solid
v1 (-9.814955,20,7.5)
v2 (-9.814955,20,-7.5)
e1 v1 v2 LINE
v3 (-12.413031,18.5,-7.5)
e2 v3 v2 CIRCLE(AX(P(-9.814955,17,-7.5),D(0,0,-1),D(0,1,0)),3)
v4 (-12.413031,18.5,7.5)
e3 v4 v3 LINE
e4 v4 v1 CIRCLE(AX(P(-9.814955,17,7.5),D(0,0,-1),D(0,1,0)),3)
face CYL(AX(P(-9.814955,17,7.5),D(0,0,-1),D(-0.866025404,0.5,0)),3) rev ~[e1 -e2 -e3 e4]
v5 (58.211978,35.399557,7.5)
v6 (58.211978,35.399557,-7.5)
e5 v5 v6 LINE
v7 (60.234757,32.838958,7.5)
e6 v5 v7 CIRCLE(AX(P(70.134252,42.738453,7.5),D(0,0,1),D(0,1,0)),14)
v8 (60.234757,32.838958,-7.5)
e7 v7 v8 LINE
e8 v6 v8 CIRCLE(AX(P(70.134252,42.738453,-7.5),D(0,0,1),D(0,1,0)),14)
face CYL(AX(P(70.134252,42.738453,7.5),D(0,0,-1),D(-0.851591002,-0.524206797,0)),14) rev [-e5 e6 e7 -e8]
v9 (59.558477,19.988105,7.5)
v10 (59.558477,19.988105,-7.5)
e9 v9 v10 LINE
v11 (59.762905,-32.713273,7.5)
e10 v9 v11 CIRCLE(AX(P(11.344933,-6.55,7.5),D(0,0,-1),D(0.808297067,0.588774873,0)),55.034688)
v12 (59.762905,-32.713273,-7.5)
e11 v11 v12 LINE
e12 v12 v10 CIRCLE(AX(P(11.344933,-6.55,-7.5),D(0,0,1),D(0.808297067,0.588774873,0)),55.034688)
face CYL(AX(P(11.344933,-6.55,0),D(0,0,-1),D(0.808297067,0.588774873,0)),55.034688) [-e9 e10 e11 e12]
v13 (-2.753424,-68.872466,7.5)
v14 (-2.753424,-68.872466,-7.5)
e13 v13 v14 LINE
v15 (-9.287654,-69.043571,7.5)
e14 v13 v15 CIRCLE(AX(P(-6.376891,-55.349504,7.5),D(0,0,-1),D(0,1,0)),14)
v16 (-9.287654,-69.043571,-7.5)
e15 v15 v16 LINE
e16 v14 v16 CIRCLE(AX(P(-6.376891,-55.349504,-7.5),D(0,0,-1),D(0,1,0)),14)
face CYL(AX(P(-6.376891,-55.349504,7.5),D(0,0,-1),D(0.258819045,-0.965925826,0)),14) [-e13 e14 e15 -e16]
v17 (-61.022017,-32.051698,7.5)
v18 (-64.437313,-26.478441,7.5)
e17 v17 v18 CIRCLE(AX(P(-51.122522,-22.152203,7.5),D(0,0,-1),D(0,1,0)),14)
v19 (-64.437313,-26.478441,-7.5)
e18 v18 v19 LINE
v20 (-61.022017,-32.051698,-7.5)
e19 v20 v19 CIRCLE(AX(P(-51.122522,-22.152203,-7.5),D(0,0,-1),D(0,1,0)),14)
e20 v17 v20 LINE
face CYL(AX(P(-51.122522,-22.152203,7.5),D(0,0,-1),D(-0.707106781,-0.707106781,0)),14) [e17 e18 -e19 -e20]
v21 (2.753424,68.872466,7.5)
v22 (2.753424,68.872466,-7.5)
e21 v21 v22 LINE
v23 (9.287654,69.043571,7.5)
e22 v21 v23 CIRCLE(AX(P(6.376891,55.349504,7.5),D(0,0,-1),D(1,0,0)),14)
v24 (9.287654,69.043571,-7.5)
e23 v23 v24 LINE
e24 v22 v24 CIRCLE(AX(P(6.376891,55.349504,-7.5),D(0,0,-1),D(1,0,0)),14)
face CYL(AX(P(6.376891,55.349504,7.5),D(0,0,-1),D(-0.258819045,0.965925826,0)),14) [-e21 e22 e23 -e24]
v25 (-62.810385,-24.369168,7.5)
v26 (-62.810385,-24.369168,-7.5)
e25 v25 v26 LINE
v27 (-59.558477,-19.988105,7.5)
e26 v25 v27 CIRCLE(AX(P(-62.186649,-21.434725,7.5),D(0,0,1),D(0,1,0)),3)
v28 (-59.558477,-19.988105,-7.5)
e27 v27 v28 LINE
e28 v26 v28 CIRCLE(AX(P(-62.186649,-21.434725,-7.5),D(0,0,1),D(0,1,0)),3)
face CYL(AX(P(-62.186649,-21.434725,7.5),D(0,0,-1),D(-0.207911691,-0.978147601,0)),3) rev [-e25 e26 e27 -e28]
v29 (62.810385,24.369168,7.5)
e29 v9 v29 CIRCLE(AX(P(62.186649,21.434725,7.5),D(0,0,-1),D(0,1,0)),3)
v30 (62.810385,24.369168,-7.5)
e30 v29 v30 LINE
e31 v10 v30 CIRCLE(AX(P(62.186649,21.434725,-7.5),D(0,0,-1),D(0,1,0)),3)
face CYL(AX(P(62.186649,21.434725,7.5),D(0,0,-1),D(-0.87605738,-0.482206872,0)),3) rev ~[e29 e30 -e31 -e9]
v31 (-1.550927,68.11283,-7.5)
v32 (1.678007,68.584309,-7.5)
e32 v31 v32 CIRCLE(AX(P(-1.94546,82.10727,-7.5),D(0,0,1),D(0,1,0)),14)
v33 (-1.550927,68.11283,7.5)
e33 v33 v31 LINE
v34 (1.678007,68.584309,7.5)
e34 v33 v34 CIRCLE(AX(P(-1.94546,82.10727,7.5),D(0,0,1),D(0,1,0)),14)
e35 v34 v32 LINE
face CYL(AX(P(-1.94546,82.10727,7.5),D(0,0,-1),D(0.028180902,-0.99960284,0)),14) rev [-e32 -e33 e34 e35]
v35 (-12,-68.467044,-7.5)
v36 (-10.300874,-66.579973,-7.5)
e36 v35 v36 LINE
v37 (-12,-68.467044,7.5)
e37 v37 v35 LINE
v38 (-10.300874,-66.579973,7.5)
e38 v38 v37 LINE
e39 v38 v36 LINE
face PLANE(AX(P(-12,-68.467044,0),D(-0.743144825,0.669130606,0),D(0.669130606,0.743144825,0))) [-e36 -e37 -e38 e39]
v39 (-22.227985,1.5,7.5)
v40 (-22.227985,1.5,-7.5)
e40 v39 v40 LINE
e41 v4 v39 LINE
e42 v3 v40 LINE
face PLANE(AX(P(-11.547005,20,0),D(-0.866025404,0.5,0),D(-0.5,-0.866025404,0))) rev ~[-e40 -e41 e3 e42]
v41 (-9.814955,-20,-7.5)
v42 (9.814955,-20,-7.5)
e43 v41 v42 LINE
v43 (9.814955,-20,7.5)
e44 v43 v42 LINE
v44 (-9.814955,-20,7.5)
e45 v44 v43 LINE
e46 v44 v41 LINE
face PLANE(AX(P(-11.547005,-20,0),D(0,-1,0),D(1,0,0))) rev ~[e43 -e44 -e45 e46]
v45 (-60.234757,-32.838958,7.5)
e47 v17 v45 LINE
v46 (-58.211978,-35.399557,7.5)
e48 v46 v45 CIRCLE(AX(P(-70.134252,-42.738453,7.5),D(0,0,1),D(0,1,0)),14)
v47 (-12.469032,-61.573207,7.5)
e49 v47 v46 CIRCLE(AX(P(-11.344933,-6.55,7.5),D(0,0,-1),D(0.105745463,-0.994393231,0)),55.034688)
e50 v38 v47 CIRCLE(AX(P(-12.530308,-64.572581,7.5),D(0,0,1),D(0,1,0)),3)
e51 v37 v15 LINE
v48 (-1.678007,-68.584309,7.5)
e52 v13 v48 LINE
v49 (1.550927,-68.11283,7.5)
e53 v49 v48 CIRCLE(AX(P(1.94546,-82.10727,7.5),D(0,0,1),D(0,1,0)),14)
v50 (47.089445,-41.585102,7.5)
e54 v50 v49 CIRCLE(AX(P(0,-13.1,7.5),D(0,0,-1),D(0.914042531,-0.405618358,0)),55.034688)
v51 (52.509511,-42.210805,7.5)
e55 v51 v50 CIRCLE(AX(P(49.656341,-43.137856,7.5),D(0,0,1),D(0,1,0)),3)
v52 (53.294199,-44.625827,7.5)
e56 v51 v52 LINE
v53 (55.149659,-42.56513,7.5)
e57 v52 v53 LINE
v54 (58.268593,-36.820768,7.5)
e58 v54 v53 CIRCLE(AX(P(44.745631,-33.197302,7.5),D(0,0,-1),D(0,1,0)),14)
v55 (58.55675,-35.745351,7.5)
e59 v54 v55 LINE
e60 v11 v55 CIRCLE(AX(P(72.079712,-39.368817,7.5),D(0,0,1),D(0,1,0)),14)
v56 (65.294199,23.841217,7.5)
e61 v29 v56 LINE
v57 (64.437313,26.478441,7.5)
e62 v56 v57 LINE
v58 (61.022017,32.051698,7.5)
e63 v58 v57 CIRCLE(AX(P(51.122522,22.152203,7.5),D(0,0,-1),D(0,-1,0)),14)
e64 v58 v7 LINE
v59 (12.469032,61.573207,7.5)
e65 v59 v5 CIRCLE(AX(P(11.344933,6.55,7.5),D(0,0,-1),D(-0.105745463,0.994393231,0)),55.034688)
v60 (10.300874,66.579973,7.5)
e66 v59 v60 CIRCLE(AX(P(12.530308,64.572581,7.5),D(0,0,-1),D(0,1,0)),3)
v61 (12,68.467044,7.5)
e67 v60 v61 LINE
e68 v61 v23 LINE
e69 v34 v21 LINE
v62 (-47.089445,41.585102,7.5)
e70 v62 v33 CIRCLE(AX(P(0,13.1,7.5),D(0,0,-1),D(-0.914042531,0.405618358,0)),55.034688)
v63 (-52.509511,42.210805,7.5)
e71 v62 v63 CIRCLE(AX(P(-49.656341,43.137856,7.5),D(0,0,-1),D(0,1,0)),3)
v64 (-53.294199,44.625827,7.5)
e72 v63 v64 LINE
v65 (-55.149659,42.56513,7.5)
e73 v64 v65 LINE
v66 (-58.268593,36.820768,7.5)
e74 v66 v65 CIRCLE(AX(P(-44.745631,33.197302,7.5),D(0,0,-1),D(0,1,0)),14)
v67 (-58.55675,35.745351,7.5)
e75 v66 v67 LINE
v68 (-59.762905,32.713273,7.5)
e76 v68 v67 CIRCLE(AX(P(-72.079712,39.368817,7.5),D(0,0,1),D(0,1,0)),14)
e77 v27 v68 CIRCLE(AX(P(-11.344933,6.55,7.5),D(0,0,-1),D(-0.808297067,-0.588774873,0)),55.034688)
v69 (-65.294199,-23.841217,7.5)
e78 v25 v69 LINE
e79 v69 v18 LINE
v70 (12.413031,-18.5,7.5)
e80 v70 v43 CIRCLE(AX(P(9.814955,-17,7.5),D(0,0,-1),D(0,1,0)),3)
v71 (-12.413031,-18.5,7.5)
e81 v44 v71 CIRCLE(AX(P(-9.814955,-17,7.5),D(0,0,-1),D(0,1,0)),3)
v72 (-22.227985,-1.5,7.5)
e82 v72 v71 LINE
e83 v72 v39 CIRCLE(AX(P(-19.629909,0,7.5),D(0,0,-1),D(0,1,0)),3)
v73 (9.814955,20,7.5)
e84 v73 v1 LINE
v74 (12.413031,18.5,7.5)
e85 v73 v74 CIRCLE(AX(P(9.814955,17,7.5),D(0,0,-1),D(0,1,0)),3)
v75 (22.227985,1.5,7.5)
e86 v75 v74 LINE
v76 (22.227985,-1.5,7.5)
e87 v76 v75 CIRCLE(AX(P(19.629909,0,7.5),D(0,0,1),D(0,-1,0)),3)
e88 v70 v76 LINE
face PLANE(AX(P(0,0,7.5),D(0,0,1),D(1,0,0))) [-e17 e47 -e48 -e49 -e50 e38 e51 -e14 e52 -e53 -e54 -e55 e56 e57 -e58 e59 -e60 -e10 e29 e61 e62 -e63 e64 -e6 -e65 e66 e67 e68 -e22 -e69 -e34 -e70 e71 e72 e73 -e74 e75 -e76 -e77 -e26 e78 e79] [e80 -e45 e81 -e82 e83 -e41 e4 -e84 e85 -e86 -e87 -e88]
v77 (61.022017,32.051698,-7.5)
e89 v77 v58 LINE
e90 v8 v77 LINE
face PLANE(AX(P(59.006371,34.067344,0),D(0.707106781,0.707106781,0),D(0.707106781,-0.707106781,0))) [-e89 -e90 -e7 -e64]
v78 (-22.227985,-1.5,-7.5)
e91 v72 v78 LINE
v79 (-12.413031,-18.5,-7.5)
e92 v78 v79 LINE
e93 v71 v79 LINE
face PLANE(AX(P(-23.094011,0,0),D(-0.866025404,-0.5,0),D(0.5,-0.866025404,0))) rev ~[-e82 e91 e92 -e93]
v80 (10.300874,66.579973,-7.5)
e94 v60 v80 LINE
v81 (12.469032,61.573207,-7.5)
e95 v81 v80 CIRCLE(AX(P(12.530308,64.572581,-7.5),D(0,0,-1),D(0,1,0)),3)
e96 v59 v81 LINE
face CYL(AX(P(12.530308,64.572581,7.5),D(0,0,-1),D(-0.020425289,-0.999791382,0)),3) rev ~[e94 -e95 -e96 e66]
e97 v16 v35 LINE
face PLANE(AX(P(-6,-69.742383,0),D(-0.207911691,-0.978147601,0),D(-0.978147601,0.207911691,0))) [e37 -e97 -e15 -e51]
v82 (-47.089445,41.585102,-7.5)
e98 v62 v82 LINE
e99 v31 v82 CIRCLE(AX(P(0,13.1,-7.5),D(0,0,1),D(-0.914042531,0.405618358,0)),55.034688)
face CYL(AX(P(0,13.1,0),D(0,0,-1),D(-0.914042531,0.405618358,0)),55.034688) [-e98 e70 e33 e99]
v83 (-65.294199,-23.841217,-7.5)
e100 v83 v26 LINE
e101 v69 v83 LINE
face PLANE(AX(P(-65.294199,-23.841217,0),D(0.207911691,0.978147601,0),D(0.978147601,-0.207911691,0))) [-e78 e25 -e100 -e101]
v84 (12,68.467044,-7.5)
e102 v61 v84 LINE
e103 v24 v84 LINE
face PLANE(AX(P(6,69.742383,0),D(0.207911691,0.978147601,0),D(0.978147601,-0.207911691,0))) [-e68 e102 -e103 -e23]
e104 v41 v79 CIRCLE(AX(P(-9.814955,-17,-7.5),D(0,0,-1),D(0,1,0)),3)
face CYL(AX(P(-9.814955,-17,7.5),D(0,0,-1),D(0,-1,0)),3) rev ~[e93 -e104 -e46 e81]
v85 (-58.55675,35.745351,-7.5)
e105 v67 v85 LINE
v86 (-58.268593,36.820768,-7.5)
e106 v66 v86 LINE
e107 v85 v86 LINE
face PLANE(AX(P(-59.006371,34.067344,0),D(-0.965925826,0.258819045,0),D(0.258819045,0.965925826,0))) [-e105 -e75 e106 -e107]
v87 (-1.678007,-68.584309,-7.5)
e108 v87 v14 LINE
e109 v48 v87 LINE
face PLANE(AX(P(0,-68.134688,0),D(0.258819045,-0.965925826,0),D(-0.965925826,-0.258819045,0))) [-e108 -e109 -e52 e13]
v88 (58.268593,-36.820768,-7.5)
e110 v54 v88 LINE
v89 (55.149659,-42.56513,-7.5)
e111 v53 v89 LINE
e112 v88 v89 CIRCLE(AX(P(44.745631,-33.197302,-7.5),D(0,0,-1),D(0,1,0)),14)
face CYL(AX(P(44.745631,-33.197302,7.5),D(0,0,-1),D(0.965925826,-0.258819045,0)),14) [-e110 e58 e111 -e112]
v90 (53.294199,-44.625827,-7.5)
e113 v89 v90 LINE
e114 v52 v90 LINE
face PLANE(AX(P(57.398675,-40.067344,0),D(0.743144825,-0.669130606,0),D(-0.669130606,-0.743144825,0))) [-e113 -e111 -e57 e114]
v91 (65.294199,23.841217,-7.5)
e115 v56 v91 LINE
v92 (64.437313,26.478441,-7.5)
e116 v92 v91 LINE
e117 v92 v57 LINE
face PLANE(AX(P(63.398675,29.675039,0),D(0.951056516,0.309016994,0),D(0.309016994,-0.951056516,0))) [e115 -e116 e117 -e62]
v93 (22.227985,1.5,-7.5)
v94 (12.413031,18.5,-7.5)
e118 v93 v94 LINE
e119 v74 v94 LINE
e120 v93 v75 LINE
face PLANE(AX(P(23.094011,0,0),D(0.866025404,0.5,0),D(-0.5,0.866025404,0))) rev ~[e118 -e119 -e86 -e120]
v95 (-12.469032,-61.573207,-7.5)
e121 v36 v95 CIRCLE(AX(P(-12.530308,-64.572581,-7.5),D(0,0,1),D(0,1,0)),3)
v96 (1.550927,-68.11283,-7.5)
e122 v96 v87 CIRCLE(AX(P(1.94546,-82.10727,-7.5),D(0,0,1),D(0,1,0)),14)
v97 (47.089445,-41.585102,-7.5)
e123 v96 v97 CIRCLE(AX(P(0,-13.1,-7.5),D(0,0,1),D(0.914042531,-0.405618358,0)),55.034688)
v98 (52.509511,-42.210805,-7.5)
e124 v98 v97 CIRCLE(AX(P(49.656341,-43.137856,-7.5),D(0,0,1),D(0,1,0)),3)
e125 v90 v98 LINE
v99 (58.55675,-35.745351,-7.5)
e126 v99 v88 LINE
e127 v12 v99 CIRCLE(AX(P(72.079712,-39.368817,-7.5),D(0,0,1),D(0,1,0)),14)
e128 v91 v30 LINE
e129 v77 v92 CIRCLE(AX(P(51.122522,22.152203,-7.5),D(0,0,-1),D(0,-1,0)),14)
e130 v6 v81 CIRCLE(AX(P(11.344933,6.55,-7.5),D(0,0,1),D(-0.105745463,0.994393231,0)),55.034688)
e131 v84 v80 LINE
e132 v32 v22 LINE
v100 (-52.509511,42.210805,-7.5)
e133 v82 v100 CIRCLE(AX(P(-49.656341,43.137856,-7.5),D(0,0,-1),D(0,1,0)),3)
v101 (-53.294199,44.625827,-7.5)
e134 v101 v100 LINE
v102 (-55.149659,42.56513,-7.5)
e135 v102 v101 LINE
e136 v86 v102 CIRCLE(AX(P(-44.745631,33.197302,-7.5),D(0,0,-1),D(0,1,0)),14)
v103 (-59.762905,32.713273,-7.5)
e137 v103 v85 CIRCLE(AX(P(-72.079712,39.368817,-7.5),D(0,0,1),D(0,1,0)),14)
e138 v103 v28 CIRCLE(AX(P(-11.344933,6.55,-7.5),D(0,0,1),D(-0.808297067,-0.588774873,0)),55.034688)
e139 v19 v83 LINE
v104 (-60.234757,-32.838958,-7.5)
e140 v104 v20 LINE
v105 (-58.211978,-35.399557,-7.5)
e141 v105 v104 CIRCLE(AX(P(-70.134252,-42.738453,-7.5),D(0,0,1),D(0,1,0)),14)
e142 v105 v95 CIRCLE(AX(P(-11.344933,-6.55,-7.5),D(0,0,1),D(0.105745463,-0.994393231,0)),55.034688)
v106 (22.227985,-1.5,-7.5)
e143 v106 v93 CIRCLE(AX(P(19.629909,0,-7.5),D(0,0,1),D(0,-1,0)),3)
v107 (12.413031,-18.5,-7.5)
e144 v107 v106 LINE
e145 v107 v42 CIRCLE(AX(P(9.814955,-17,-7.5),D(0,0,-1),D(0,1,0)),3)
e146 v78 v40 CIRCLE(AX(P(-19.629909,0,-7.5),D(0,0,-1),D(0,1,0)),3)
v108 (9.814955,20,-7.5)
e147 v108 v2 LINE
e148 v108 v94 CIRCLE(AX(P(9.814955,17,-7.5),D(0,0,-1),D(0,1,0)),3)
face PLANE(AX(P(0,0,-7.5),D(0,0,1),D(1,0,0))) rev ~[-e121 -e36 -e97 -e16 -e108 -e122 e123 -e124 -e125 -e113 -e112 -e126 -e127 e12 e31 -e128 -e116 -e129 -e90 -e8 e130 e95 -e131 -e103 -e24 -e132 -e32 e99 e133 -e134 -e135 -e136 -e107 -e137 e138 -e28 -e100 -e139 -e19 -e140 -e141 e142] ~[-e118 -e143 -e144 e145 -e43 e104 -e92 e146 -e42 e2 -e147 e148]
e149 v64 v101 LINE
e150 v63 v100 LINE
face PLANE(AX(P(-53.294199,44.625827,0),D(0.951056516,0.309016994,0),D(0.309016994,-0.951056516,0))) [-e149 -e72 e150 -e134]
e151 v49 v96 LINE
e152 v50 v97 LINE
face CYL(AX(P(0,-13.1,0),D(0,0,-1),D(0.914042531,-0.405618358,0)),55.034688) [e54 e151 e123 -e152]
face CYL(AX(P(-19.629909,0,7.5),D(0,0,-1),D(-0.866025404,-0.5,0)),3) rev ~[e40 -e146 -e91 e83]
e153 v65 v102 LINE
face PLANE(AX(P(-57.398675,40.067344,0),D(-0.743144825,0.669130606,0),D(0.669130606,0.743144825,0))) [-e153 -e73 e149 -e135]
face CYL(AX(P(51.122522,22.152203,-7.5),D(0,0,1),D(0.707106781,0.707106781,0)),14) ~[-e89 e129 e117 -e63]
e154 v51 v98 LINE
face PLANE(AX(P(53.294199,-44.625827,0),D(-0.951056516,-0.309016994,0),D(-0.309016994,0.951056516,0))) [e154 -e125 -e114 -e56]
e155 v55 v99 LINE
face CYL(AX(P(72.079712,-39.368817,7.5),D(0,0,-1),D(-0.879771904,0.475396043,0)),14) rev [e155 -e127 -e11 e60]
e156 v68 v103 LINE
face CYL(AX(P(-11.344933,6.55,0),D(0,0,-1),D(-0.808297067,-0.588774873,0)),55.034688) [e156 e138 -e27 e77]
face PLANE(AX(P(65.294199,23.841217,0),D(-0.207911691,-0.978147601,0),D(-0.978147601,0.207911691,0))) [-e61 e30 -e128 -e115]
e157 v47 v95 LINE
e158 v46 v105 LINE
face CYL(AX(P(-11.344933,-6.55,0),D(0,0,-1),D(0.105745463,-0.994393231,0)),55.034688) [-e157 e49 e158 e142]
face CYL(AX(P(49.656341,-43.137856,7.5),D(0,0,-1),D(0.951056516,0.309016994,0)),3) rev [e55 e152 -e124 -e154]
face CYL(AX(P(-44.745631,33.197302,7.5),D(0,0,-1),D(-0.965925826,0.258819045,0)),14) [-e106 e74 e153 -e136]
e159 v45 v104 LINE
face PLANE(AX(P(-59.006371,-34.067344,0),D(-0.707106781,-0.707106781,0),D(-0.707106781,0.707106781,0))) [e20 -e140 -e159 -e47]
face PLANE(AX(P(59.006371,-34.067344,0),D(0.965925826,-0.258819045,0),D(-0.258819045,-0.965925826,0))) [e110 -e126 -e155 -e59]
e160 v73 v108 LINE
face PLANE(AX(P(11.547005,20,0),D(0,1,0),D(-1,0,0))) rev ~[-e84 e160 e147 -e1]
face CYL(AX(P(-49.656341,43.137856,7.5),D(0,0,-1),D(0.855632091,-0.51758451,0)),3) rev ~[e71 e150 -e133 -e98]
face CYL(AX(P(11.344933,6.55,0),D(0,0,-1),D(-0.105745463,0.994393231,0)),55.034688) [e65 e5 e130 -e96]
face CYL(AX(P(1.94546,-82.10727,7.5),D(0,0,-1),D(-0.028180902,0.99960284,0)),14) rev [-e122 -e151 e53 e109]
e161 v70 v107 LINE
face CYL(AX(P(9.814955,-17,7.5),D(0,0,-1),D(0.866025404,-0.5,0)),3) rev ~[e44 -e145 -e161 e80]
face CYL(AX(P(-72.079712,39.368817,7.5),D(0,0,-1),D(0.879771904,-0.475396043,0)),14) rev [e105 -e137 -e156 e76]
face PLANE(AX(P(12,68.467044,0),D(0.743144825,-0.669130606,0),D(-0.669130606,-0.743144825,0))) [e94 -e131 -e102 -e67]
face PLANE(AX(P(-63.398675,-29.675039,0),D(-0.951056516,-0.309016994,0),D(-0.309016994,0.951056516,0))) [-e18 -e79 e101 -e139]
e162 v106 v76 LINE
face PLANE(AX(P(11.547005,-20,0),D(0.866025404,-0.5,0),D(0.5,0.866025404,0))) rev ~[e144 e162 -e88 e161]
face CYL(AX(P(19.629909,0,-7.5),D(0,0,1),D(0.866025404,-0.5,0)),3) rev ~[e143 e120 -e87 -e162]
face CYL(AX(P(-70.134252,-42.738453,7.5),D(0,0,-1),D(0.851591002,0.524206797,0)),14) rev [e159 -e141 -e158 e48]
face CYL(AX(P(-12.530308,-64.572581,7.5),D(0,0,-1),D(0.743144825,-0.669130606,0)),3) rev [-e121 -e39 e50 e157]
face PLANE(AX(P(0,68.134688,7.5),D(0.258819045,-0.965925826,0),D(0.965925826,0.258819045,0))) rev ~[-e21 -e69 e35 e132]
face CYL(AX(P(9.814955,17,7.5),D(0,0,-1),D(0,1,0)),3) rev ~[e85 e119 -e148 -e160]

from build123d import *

# Parameters (mm, degrees)
SKETCH1_R               = 70
BOSS_EXTRUDE1_DEPTH     = 7.5
FILLET1_R               = 3
CUT_EXTRUDE2_DEPTH      = 100.278648258
CUT_EXTRUDE2_DEPTH_BACK = 100.278648258
CUT_EXTRUDE3_DEPTH      = 98.628141683
CUT_EXTRUDE3_DEPTH_BACK = 98.628141683
FILLET2_R               = 14
FILLET3_R               = 3


with BuildPart() as part:
    # Sketch1 → Boss-Extrude1 (new, symmetric)
    with BuildSketch(Plane.XY):
        Circle(SKETCH1_R)
        Polygon((23.094010768, 0), (11.547005384, 20), (-11.547005384, 20), (-23.094010768, 0), (-11.547005384, -20), (11.547005384, -20), align=None, mode=Mode.SUBTRACT)
    extrude(amount=BOSS_EXTRUDE1_DEPTH, both=True)

    # Fillet1
    fillet1_edges = [part.edges().sort_by_distance(p)[0] for p in [
        (23.094010768, 0, 0),
        (11.547005384, 20, 0),
        (-11.547005384, 20, 0),
        (-23.094010768, 0, 0),
        (-11.547005384, -20, 0),
        (11.547005384, -20, 0),
    ]]
    fillet(fillet1_edges, radius=FILLET1_R)

    # Sketch3 → Cut-Extrude2 (cut, two sides)
    with BuildSketch(Plane.XY) as cut_extrude2_sk:
        with BuildLine():
            ThreePointArc((63.398675482, 29.675039126), (40.067343971, 57.398675482), (6, 69.742383097))
            Line((6, 69.742383097), (12, 68.467043727))
            Line((12, 68.467043727), (5.525264217, 61.276121136))
            ThreePointArc((5.525264217, 61.276121136), (36.300148732, 55.601545074), (59.006370637, 34.067343971))
            Line((59.006370637, 34.067343971), (63.398675482, 29.675039126))
        make_face()
        with BuildLine():
            ThreePointArc((-50.304045441, 35.423079743), (-30.002276158, 59.2376235), (0, 68.134687942))
            Line((0, 68.134687942), (0, 70))
            ThreePointArc((0, 70), (-32.367313157, 62.067358885), (-57.398675482, 40.067343971))
            Line((-57.398675482, 40.067343971), (-53.294199189, 44.625826709))
            Line((-53.294199189, 44.625826709), (-50.304045441, 35.423079743))
        make_face()
        with BuildLine():
            ThreePointArc((70, 0), (68.329742001, 15.200209147), (63.398675482, 29.675039126))
            Line((63.398675482, 29.675039126), (65.294199189, 23.841217018))
            Line((65.294199189, 23.841217018), (55.829309658, 25.853041393))
            ThreePointArc((55.829309658, 25.853041393), (66.30242489, -3.636078426), (59.006370637, -34.067343971))
            Line((59.006370637, -34.067343971), (57.398675482, -40.067343971))
            ThreePointArc((57.398675482, -40.067343971), (66.77539698, -21.001103736), (70, 0))
        make_face()
        with BuildLine():
            Line((-59.006370637, 34.067343971), (-57.398675482, 40.067343971))
            ThreePointArc((-57.398675482, 40.067343971), (-69.742383097, 6), (-63.398675482, -29.675039126))
            Line((-63.398675482, -29.675039126), (-65.294199189, -23.841217018))
            Line((-65.294199189, -23.841217018), (-55.829309658, -25.853041393))
            ThreePointArc((-55.829309658, -25.853041393), (-66.30242489, 3.636078426), (-59.006370637, 34.067343971))
        make_face()
        with BuildLine():
            Line((-59.006370637, -34.067343971), (-63.398675482, -29.675039126))
            ThreePointArc((-63.398675482, -29.675039126), (-40.067343971, -57.398675482), (-6, -69.742383097))
            Line((-6, -69.742383097), (-12, -68.467043727))
            Line((-12, -68.467043727), (-5.525264217, -61.276121136))
            ThreePointArc((-5.525264217, -61.276121136), (-36.300148732, -55.601545074), (-59.006370637, -34.067343971))
        make_face()
        with BuildLine():
            Line((0, -68.134687942), (-6, -69.742383097))
            ThreePointArc((-6, -69.742383097), (29.675039126, -63.398675482), (57.398675482, -40.067343971))
            Line((57.398675482, -40.067343971), (53.294199189, -44.625826709))
            Line((53.294199189, -44.625826709), (50.304045441, -35.423079743))
            ThreePointArc((50.304045441, -35.423079743), (30.002276158, -59.2376235), (0, -68.134687942))
        make_face()
    extrude(amount=CUT_EXTRUDE2_DEPTH, mode=Mode.SUBTRACT)
    extrude(cut_extrude2_sk.sketch, amount=-CUT_EXTRUDE2_DEPTH_BACK, mode=Mode.SUBTRACT)

    # Sketch4 → Cut-Extrude3 (cut, two sides)
    with BuildSketch(Plane.XY.offset(7.5)) as cut_extrude3_sk:
        Polygon((0, 68.134687942), (6, 69.742383097), (0, 70), align=None)
    extrude(amount=CUT_EXTRUDE3_DEPTH, mode=Mode.SUBTRACT)
    extrude(cut_extrude3_sk.sketch, amount=-CUT_EXTRUDE3_DEPTH_BACK, mode=Mode.SUBTRACT)


with BuildPart() as body_2:
    # of the pieces the cut leaves, the one that is kept (cut_extrude3_keep)
    add(part.part.solids().sort_by_distance((55.829309658, 25.853041393, 7.5))[0])

    # Fillet2
    fillet2_edges = [body_2.edges().sort_by_distance(p)[0] for p in [
        (63.398675482, 29.675039126, 0),
        (-57.398675482, 40.067343971, 0),
        (-59.006370637, -34.067343971, 0),
        (-6, -69.742383097, 0),
        (0, 68.134687942, 0),
        (0, -68.134687942, 0),
        (57.398675482, -40.067343971, 0),
        (-59.006370637, 34.067343971, 0),
        (-63.398675482, -29.675039126, 0),
        (59.006370637, 34.067343971, 0),
        (6, 69.742383097, 0),
        (59.006370637, -34.067343971, 0),
    ]]
    fillet(fillet2_edges, radius=FILLET2_R)

    # Fillet3
    fillet3_edges = [body_2.edges().sort_by_distance(p)[0] for p in [
        (-50.304045441, 35.423079743, 0),
        (-5.525264217, -61.276121136, 0),
        (50.304045441, -35.423079743, 0),
        (-55.829309658, -25.853041393, 0),
        (5.525264217, 61.276121136, 0),
        (55.829309658, 25.853041393, 0),
    ]]
    fillet(fillet3_edges, radius=FILLET3_R)


solid = body_2.part
